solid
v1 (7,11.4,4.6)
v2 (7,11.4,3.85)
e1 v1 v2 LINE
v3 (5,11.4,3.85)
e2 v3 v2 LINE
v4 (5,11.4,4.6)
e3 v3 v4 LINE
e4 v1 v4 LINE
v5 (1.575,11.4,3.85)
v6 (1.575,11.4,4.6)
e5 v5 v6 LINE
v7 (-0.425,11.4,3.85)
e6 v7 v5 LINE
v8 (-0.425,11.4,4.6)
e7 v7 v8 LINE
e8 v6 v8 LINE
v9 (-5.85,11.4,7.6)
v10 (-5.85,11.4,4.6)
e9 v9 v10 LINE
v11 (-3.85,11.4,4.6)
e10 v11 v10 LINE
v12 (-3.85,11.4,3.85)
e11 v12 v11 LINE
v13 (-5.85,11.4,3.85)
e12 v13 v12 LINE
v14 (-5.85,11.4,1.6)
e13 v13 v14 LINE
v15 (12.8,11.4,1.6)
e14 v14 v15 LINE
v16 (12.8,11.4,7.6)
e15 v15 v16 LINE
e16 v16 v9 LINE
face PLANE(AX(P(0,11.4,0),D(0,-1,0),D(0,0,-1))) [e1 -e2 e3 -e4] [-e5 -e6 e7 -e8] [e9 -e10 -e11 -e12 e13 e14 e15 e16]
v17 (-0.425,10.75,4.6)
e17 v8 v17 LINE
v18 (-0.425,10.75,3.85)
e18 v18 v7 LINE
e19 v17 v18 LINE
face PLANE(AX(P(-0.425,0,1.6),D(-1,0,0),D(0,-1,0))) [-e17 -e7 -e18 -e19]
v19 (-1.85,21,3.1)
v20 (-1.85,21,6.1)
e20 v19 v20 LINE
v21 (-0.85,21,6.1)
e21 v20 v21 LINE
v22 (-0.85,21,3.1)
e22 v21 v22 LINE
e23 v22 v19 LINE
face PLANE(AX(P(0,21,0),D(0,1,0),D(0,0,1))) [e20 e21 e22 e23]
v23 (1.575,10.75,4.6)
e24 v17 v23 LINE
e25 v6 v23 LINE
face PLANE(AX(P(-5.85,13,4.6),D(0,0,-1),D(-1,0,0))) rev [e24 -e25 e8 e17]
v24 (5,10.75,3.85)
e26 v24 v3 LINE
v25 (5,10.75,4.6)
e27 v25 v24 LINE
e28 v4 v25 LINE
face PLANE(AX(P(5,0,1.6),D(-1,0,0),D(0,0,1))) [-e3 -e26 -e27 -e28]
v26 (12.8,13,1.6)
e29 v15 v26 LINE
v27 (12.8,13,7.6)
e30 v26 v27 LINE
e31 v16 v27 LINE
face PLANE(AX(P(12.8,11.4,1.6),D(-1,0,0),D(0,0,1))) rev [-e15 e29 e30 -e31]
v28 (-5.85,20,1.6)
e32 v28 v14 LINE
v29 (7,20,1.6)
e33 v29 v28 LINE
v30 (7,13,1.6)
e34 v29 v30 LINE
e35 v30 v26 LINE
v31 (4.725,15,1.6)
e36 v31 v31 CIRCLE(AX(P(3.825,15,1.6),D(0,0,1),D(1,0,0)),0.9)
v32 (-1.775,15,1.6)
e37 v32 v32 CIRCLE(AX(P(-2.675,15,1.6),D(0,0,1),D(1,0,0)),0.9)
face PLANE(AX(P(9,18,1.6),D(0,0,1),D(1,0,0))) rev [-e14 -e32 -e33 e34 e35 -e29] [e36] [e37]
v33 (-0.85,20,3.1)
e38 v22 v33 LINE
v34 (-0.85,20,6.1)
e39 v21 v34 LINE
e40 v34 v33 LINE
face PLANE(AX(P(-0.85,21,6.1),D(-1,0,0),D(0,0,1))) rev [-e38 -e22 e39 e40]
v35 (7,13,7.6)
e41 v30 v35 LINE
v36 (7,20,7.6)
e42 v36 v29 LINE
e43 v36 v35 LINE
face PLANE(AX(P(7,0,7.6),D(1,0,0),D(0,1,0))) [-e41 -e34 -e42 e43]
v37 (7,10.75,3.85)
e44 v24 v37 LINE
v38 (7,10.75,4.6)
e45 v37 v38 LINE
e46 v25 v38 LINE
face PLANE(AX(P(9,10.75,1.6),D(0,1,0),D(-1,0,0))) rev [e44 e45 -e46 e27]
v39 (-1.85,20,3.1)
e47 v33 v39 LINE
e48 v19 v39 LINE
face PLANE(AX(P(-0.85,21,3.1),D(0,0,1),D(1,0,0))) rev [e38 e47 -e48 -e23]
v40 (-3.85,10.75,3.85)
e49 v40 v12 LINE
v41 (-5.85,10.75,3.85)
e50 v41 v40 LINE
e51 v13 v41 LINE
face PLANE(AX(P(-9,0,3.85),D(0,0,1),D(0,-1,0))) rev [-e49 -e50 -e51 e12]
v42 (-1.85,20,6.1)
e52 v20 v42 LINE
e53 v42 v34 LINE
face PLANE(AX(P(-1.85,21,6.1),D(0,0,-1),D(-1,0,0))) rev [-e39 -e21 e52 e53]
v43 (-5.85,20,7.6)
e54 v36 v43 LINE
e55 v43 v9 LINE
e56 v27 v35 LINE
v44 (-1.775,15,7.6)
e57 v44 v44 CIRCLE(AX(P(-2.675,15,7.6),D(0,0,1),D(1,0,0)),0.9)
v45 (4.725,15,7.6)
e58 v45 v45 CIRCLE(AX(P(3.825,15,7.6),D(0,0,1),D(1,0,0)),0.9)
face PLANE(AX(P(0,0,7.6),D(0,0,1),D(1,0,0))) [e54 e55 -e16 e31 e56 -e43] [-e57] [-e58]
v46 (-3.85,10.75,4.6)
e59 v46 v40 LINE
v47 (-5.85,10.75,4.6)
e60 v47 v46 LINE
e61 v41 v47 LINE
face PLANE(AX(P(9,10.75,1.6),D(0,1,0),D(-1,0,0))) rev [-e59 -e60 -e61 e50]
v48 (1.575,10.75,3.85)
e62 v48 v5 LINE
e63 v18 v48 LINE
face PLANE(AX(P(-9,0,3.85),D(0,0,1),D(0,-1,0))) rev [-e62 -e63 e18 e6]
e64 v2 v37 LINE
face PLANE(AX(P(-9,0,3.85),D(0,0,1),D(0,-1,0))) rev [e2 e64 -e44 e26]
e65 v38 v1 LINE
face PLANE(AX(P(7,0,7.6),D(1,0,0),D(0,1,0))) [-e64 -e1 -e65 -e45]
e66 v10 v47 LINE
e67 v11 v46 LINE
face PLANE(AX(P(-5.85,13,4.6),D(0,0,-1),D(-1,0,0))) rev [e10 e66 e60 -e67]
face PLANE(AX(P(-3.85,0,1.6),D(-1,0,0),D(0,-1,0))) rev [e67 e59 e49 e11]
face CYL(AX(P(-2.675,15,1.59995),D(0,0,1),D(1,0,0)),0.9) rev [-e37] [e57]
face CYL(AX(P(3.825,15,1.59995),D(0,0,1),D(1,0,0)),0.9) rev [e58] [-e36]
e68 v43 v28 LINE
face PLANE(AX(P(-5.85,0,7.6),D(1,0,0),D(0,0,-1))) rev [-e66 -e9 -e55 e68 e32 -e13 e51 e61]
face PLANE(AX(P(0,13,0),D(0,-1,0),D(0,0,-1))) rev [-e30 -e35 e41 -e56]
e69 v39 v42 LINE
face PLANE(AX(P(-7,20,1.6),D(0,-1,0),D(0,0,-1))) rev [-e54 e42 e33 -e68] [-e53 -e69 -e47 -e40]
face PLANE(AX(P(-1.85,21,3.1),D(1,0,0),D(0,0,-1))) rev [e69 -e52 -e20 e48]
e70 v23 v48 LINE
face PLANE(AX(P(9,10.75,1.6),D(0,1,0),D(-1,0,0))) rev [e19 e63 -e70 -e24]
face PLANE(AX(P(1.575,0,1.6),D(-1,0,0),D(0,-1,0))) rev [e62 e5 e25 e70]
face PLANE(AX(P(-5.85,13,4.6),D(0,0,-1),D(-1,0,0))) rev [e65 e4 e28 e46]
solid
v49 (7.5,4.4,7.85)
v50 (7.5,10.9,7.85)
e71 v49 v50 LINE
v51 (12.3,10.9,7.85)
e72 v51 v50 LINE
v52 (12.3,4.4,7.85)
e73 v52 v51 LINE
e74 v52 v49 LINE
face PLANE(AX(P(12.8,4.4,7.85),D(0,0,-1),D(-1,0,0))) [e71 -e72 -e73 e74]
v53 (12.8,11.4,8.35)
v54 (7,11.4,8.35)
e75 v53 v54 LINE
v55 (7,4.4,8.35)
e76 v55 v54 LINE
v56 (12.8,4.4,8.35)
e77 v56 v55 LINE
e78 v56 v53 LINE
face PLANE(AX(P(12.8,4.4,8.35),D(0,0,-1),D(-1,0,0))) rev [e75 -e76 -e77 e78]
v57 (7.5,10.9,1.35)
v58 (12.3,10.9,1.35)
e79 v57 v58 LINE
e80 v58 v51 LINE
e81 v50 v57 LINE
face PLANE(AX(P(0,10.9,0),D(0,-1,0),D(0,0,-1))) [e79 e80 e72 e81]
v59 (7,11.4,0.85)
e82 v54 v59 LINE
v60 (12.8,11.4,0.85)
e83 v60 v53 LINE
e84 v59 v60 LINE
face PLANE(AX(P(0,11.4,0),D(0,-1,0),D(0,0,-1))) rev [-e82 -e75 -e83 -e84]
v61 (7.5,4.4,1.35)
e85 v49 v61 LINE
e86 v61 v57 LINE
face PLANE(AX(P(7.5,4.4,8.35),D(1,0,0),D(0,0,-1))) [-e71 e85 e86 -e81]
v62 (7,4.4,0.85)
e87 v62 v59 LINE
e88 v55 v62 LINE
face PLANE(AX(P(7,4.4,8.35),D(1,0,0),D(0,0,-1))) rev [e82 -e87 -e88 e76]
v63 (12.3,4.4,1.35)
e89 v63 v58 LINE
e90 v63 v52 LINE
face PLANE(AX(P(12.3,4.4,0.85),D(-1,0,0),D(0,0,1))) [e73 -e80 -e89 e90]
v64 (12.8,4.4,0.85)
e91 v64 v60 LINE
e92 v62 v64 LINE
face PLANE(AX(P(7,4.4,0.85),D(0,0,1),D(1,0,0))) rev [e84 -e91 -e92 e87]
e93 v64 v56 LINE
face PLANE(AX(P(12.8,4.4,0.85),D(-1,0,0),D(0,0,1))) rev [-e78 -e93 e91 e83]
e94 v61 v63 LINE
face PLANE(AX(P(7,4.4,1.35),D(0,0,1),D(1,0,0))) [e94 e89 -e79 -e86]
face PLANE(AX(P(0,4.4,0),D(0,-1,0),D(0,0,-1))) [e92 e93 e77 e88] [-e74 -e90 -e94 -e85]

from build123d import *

# Parameters (mm, degrees)
SKETCH1_R           = 1.5
BOSS_EXTRUDE1_DEPTH = 1.6
SKETCH2_W           = 12.85
SKETCH2_H           = 10
BOSS_EXTRUDE2_DEPTH = 6
SKETCH3_W           = 12.85
SKETCH3_H           = 3
CUT_EXTRUDE1_DEPTH  = 3
CUT_EXTRUDE3_DEPTH  = 3
SKETCH5_W           = 2.25
SKETCH5_H           = 2.25
CUT_EXTRUDE4_DEPTH  = 17
BOSS_EXTRUDE4_DEPTH = 4.75
SKETCH11_W          = 12.85
SKETCH11_H          = 10
CUT_EXTRUDE8_DEPTH  = 4.75
SKETCH_1_W          = 10
SKETCH_1_H          = 7
EXTRUDE_1_DEPTH     = 5.8
CUT_EXTRUDE_1_DEPTH = 19
SKETCH_4_R          = 0.9
CUT_EXTRUDE_2_DEPTH = 7
SKETCH_5_W          = 18.65
SKETCH_5_H          = 6
EXTRUDE_3_DEPTH     = 1.6
SKETCH_6_W          = 5.8
SKETCH_6_H          = 7.5
EXTRUDE_4_DEPTH     = 7
SKETCH_2_W          = 1
SKETCH_2_H          = 3
EXTRUDE_2_DEPTH     = 1
SHELL_1_T           = -0.5


with BuildPart() as part:
    # Sketch1 → Boss-Extrude1 (new body)
    with BuildSketch(Plane.XY):
        with BuildLine():
            Line((-7, 20), (7, 20))
            ThreePointArc((7, 20), (8.414213562, 19.414213562), (9, 18))
            Line((9, 18), (9, 2))
            ThreePointArc((9, 2), (8.414213562, 0.585786438), (7, 0))
            Line((7, 0), (-7, 0))
            ThreePointArc((-7, 0), (-8.414213562, 0.585786438), (-9, 2))
            Line((-9, 2), (-9, 18))
            ThreePointArc((-9, 18), (-8.414213562, 19.414213562), (-7, 20))
        make_face()
        with Locations((7, 5)):
            Circle(SKETCH1_R, mode=Mode.SUBTRACT)
        with Locations((-7, 5)):
            Circle(SKETCH1_R, mode=Mode.SUBTRACT)
    extrude(amount=BOSS_EXTRUDE1_DEPTH)

    # Sketch2 → Boss-Extrude2 (add)
    with BuildSketch(Plane.XY.offset(1.6)):
        with Locations((0.575, 15)):
            Rectangle(SKETCH2_W, SKETCH2_H)
    extrude(amount=BOSS_EXTRUDE2_DEPTH)

    # Sketch3 → Cut-Extrude1 (cut)
    with BuildSketch(Plane.XY.offset(7.6)):
        with Locations((0.575, 11.5)):
            Rectangle(SKETCH3_W, SKETCH3_H)
    extrude(amount=-CUT_EXTRUDE1_DEPTH, mode=Mode.SUBTRACT)

    # Sketch4 → Cut-Extrude3 (cut)
    with BuildSketch(Plane.XY.offset(4.6)):
        Polygon((5, 13), (1.575, 13), (1.575, 10), (5, 10), (5, 11.5), align=None)
        Polygon((-0.425, 13), (-3.85, 13), (-3.85, 11.5), (-3.85, 10), (-0.425, 10), align=None)
    extrude(amount=-CUT_EXTRUDE3_DEPTH, mode=Mode.SUBTRACT)

    # Sketch5 → Cut-Extrude4 (cut, through all)
    with BuildSketch(Plane(origin=(7, 0, 0), x_dir=(0, 0, -1), z_dir=(1, 0, 0))):
        with Locations((-2.725, 11.875)):
            Rectangle(SKETCH5_W, SKETCH5_H)
    extrude(amount=-CUT_EXTRUDE4_DEPTH, mode=Mode.SUBTRACT)

    # Sketch10 → Boss-Extrude4 (add)
    with BuildSketch(Plane.XY.offset(7.6)):
        Polygon((6.995, 23.262214419), (-5.85, 20), (-5.45, 20), (6.995, 23.16062736), align=None)
    extrude(amount=-BOSS_EXTRUDE4_DEPTH)

    # Sketch11 → Cut-Extrude8 (cut)
    with BuildSketch(Plane(origin=(0, 20, 0), x_dir=(1, 0, 0), z_dir=(0, 1, 0))):
        with Locations((0.575, -2.6)):
            Rectangle(SKETCH11_W, SKETCH11_H)
    extrude(amount=CUT_EXTRUDE8_DEPTH, mode=Mode.SUBTRACT)

    # 草图1 → 凸台-拉伸1 (add)
    with BuildSketch(Plane.XY.offset(1.6)):
        with Locations((-1, 1.5)):
            Rectangle(SKETCH_1_W, SKETCH_1_H)
    extrude(amount=EXTRUDE_1_DEPTH)

    # 草图3 → 切除-拉伸1 (cut, through all)
    with BuildSketch(Plane.ZY.offset(9)):
        Polygon((1.6, 18), (1.6, 10.75), (10.36696293, 10.75), (10.36696293, -5.882154517), (-1.752130291, -5.882154517), (-1.752130291, 20.931214204), (1.6, 20.931214204), align=None)
    extrude(amount=-CUT_EXTRUDE_1_DEPTH, mode=Mode.SUBTRACT)

    # 草图4 → 切除-拉伸2 (cut, through all)
    with BuildSketch(Plane.XY.offset(7.6)):
        with Locations((-2.675, 15)):
            Circle(SKETCH_4_R)
        with Locations((3.825, 15)):
            Circle(SKETCH_4_R)
    extrude(amount=-CUT_EXTRUDE_2_DEPTH, mode=Mode.SUBTRACT)

    # 草图5 → 凸台-拉伸3 (add)
    with BuildSketch(Plane.XZ.offset(-13)):
        with Locations((3.475, 4.6)):
            Rectangle(SKETCH_5_W, SKETCH_5_H)
    extrude(amount=EXTRUDE_3_DEPTH)

    # 草图2 → 凸台-拉伸2 (add)
    with BuildSketch(Plane(origin=(0, 20, 0), x_dir=(1, 0, 0), z_dir=(0, 1, 0))):
        with Locations((-1.35, -4.6)):
            Rectangle(SKETCH_2_W, SKETCH_2_H)
    extrude(amount=EXTRUDE_2_DEPTH)


with BuildPart() as body_2:
    # 草图6 → 凸台-拉伸4 (new body)
    with BuildSketch(Plane.XZ.offset(-11.4)):
        with Locations((9.9, 4.6)):
            Rectangle(SKETCH_6_W, SKETCH_6_H)
    extrude(amount=EXTRUDE_4_DEPTH)

    # 抽壳1
    shell_1_openings = [body_2.faces().sort_by_distance(p)[0] for p in [
        (9.9, 4.4, 4.6),
    ]]
    offset(amount=SHELL_1_T, openings=shell_1_openings, kind=Kind.INTERSECTION)


solid = Compound([part.part, body_2.part])
